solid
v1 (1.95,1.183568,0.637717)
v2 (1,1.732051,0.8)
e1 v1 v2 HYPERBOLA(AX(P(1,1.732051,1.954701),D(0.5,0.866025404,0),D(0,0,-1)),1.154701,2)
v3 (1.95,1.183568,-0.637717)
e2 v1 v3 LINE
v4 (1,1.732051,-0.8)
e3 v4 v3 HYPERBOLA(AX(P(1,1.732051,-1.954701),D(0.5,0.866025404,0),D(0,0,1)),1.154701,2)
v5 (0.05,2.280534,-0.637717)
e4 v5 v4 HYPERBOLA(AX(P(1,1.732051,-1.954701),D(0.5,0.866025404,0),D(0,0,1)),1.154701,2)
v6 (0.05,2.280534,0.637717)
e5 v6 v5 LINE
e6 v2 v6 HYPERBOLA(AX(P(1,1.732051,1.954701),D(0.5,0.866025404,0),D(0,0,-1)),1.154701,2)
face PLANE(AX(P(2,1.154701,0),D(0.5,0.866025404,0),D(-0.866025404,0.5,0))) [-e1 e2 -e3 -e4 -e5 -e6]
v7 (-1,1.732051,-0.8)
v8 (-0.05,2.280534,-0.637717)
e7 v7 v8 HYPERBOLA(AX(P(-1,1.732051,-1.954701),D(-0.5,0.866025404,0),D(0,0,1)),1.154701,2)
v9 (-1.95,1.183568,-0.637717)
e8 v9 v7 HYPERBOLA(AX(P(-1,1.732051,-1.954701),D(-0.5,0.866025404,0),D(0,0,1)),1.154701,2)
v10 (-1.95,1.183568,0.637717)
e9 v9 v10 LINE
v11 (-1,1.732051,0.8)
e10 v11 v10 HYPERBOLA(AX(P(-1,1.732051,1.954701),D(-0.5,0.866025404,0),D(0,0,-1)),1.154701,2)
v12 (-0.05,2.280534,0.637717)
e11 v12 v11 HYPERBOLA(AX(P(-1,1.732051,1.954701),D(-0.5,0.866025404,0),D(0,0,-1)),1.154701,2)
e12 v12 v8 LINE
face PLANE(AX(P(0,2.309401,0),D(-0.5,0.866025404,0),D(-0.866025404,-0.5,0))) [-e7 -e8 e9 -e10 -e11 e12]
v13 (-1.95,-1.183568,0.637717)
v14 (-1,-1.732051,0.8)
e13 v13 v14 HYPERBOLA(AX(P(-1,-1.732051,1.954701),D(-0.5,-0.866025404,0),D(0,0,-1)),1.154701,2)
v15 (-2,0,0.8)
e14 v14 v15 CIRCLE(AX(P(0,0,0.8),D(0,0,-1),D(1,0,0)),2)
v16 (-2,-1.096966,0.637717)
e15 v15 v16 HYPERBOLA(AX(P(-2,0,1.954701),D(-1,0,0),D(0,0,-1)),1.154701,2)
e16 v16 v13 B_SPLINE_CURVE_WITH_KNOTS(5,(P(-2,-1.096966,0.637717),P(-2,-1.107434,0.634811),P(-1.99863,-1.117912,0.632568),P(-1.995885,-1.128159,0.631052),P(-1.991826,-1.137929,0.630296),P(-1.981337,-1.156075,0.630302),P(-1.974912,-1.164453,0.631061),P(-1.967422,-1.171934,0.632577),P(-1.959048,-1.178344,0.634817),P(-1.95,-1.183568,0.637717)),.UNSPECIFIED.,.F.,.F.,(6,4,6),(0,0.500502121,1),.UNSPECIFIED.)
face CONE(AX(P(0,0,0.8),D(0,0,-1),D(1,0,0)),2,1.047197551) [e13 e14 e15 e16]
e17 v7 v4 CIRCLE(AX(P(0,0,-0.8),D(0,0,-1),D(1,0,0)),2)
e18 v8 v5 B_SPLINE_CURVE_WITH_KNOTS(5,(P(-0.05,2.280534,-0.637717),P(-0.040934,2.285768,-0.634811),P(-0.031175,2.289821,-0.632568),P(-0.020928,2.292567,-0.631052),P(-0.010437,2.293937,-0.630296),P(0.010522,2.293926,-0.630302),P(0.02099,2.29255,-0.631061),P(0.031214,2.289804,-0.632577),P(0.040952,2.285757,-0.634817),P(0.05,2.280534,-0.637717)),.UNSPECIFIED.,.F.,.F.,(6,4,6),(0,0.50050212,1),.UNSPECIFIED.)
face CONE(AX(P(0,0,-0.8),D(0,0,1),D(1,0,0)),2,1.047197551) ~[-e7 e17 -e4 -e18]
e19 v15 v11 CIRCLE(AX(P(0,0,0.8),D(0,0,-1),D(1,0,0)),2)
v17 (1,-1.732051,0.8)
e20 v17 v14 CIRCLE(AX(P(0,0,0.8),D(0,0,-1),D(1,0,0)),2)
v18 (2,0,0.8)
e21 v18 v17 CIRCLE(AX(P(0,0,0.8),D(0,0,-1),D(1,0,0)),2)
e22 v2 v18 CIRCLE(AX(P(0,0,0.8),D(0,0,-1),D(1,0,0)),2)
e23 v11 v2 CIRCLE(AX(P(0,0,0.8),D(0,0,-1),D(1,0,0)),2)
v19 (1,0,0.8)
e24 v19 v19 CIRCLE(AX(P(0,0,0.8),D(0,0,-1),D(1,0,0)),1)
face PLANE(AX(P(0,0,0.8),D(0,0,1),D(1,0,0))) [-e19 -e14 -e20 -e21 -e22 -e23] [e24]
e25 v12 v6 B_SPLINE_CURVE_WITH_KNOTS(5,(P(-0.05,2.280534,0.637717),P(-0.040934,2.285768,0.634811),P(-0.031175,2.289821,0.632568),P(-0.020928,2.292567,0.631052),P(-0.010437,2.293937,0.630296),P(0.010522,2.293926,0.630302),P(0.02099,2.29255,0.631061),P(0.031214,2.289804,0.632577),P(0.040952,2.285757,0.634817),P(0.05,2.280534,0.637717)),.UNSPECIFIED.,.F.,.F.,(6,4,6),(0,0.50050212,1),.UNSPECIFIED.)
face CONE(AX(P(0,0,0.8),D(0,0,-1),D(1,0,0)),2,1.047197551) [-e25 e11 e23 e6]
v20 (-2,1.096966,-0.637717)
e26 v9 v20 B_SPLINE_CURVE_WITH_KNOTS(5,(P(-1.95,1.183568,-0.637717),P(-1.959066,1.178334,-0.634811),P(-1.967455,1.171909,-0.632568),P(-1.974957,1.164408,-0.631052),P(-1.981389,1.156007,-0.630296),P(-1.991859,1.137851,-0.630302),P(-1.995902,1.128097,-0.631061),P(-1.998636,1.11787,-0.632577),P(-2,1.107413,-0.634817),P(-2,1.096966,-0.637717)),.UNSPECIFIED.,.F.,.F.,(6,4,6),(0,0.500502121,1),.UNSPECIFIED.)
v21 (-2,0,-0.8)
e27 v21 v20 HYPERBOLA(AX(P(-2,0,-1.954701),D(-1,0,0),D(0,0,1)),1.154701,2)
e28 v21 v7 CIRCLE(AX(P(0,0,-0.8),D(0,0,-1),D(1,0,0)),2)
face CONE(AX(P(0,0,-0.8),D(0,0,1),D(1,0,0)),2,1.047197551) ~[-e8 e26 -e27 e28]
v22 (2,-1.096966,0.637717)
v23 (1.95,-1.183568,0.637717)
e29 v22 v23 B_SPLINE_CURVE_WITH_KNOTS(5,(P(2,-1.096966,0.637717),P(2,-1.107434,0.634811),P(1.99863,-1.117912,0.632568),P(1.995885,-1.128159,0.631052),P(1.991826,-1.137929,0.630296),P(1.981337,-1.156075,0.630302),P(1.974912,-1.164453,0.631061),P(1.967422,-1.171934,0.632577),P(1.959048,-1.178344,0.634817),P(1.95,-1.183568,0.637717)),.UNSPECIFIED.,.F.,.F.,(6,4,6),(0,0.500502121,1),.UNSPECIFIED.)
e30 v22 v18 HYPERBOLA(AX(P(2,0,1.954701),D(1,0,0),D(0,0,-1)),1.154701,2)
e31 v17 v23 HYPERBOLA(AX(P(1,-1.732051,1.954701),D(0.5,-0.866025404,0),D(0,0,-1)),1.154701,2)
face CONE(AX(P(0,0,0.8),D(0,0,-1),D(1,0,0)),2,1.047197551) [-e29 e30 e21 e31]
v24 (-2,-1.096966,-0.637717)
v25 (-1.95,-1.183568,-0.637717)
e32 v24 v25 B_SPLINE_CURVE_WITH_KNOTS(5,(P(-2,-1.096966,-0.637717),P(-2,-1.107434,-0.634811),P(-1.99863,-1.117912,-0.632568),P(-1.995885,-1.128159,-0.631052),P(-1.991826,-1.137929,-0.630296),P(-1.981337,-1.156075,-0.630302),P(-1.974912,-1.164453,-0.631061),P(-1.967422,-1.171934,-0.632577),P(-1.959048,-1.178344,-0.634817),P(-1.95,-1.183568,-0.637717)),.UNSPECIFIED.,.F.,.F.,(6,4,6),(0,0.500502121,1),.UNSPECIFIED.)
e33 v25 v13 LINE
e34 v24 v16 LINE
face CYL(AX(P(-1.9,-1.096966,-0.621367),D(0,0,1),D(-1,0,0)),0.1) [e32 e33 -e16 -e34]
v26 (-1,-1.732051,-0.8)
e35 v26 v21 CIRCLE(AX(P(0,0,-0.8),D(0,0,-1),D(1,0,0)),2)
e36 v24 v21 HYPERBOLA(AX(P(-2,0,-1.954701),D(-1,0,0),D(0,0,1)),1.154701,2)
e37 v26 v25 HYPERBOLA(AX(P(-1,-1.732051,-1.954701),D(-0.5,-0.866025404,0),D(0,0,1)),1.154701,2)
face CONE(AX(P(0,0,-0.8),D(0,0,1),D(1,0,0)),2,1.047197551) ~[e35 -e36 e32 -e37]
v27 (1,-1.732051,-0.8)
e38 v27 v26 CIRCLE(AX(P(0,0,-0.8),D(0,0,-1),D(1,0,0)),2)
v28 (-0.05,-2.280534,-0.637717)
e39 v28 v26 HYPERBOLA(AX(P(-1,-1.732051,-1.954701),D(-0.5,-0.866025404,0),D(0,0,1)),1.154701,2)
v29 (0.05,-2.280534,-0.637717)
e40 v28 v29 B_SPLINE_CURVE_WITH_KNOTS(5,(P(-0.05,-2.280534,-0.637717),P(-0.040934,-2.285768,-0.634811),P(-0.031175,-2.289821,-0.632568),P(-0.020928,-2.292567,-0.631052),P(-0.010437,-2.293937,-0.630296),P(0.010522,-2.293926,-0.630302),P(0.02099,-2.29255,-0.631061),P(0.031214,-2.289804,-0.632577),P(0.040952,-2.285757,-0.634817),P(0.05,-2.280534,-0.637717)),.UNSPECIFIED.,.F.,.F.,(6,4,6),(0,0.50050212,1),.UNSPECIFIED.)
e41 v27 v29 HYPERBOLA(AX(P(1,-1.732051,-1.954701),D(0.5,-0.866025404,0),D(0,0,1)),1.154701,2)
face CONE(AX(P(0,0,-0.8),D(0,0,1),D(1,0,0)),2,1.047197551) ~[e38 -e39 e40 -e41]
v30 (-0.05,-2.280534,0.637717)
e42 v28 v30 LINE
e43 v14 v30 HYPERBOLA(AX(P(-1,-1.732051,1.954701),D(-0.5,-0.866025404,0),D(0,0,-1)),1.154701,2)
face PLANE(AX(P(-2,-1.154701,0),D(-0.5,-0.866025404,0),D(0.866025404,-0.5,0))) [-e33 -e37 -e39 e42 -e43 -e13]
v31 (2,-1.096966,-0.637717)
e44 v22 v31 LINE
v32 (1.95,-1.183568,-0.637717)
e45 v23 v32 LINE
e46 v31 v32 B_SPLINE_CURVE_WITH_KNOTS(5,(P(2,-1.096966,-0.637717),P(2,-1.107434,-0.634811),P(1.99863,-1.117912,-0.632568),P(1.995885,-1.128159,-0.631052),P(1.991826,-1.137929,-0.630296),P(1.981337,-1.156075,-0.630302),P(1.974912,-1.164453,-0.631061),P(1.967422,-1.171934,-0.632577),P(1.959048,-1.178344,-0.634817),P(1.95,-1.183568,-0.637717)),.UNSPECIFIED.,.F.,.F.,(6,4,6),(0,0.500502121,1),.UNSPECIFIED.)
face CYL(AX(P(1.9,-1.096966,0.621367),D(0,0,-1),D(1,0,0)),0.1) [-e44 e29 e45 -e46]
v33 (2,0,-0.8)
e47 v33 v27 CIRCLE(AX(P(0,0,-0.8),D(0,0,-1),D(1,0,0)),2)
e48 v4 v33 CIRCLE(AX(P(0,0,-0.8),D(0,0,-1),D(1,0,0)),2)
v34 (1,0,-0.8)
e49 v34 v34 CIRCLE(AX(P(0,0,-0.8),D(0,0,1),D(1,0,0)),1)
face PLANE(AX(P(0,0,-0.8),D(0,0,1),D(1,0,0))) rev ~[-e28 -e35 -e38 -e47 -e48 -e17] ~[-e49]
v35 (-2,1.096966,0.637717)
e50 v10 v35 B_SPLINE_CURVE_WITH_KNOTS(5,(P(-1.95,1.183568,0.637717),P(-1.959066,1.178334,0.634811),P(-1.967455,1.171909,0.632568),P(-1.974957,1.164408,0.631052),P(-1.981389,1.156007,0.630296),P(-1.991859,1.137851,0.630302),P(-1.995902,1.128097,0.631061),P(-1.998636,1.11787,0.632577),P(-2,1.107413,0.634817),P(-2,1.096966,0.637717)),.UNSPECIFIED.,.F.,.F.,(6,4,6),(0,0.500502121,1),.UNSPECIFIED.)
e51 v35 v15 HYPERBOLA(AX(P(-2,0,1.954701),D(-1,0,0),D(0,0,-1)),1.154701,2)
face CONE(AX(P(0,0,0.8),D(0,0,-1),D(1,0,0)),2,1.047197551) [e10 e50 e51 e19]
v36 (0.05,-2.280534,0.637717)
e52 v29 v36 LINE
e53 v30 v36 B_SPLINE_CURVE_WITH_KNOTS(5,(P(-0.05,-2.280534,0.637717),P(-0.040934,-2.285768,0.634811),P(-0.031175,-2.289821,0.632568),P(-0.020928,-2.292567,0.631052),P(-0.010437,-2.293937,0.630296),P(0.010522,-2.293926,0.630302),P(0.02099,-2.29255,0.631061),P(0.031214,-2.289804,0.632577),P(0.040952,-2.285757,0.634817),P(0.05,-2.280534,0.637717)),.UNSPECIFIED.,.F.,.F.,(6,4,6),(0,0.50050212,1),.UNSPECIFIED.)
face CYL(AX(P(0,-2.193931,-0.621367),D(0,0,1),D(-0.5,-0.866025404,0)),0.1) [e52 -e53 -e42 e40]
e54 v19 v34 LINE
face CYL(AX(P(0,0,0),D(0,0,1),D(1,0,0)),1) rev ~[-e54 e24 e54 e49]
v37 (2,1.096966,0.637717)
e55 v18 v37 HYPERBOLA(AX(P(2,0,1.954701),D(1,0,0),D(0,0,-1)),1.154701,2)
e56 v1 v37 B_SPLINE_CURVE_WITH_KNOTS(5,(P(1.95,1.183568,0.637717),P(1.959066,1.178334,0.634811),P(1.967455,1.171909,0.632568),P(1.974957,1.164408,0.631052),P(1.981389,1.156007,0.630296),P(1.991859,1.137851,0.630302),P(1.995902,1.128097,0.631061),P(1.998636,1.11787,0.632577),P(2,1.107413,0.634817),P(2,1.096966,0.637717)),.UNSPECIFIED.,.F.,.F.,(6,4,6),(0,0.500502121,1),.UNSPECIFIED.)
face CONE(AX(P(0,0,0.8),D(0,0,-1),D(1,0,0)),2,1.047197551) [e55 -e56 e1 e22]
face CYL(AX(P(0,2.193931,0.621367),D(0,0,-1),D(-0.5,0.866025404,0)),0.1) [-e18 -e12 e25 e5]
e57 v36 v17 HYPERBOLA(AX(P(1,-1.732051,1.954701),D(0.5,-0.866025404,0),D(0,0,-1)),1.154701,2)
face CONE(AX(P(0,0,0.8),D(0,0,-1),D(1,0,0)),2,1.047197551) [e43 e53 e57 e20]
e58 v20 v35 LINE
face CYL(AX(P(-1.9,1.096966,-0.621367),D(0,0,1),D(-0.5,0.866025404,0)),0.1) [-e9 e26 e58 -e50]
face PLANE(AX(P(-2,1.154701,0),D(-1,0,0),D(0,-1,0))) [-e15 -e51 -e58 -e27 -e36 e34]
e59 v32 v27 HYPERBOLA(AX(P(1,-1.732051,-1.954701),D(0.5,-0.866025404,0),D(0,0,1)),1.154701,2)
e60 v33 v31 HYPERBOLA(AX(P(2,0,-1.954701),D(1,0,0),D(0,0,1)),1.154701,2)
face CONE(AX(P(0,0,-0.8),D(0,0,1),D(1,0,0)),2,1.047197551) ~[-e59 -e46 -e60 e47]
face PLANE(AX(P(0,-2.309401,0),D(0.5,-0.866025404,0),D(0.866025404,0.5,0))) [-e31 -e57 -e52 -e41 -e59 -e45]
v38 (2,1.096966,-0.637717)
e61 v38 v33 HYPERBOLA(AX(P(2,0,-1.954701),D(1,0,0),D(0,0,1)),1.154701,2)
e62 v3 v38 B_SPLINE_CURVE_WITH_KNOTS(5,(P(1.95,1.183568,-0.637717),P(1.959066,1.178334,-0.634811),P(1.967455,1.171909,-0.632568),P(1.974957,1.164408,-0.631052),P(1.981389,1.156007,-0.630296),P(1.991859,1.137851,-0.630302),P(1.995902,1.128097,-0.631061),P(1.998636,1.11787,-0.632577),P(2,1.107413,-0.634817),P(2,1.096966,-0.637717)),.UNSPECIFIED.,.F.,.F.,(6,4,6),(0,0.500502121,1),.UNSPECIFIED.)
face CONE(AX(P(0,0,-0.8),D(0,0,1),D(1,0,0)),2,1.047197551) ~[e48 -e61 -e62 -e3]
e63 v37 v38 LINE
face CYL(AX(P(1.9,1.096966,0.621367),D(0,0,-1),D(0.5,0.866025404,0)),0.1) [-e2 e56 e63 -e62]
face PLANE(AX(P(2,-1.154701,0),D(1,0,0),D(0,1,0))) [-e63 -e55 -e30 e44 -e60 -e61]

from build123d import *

# Parameters (mm, degrees)
BOSS_EXTRUDE2_DEPTH     = 0.8
SKETCH16_R              = 1
CUT_EXTRUDE4_DEPTH      = 1.8
CUT_EXTRUDE4_DEPTH_BACK = 1.8
SKETCH7_OUTSIDE_W       = 16.27
SKETCH7_OUTSIDE_H       = 16.888
SKETCH7_OUTSIDE_R       = 2
CUT_EXTRUDE5_DEPTH      = 2.6
CUT_EXTRUDE5_TAPER      = 60
FILLET2_R               = 0.1


with BuildPart() as part:
    # Sketch15 → Boss-Extrude2 (new body, symmetric)
    with BuildSketch(Plane.XY):
        Polygon((0, 2.309401077), (-2, 1.154700538), (-2, -1.154700538), (0, -2.309401077), (2, -1.154700538), (2, 1.154700538), align=None)
    extrude(amount=BOSS_EXTRUDE2_DEPTH, both=True)

    # Sketch16 → Cut-Extrude4 (cut, two sides)
    with BuildSketch(Plane.XY) as cut_extrude4_sk:
        Circle(SKETCH16_R)
    extrude(amount=CUT_EXTRUDE4_DEPTH, mode=Mode.SUBTRACT)
    extrude(cut_extrude4_sk.sketch, amount=-CUT_EXTRUDE4_DEPTH_BACK, mode=Mode.SUBTRACT)

    # Sketch7 outside → Cut-Extrude5 (cut, through all)
    with BuildSketch(Plane.XY.offset(0.8)):
        Rectangle(SKETCH7_OUTSIDE_W, SKETCH7_OUTSIDE_H)
        Circle(SKETCH7_OUTSIDE_R, mode=Mode.SUBTRACT)
    cut_extrude5 = extrude(amount=-CUT_EXTRUDE5_DEPTH, taper=CUT_EXTRUDE5_TAPER, mode=Mode.SUBTRACT)

    # Mirror4: Cut-Extrude5 across plane
    add(cut_extrude5.mirror(Plane.XY), mode=Mode.SUBTRACT)

    # Fillet2
    fillet2_edges = [part.edges().sort_by_distance(p)[0] for p in [
        (-2, 1.154700538, 0),
        (-2, -1.154700538, 0),
        (0, -2.309401077, 0),
        (2, -1.154700538, 0),
        (2, 1.154700538, 0),
        (0, 2.309401077, 0),
    ]]
    fillet(fillet2_edges, radius=FILLET2_R)


solid = part.part
